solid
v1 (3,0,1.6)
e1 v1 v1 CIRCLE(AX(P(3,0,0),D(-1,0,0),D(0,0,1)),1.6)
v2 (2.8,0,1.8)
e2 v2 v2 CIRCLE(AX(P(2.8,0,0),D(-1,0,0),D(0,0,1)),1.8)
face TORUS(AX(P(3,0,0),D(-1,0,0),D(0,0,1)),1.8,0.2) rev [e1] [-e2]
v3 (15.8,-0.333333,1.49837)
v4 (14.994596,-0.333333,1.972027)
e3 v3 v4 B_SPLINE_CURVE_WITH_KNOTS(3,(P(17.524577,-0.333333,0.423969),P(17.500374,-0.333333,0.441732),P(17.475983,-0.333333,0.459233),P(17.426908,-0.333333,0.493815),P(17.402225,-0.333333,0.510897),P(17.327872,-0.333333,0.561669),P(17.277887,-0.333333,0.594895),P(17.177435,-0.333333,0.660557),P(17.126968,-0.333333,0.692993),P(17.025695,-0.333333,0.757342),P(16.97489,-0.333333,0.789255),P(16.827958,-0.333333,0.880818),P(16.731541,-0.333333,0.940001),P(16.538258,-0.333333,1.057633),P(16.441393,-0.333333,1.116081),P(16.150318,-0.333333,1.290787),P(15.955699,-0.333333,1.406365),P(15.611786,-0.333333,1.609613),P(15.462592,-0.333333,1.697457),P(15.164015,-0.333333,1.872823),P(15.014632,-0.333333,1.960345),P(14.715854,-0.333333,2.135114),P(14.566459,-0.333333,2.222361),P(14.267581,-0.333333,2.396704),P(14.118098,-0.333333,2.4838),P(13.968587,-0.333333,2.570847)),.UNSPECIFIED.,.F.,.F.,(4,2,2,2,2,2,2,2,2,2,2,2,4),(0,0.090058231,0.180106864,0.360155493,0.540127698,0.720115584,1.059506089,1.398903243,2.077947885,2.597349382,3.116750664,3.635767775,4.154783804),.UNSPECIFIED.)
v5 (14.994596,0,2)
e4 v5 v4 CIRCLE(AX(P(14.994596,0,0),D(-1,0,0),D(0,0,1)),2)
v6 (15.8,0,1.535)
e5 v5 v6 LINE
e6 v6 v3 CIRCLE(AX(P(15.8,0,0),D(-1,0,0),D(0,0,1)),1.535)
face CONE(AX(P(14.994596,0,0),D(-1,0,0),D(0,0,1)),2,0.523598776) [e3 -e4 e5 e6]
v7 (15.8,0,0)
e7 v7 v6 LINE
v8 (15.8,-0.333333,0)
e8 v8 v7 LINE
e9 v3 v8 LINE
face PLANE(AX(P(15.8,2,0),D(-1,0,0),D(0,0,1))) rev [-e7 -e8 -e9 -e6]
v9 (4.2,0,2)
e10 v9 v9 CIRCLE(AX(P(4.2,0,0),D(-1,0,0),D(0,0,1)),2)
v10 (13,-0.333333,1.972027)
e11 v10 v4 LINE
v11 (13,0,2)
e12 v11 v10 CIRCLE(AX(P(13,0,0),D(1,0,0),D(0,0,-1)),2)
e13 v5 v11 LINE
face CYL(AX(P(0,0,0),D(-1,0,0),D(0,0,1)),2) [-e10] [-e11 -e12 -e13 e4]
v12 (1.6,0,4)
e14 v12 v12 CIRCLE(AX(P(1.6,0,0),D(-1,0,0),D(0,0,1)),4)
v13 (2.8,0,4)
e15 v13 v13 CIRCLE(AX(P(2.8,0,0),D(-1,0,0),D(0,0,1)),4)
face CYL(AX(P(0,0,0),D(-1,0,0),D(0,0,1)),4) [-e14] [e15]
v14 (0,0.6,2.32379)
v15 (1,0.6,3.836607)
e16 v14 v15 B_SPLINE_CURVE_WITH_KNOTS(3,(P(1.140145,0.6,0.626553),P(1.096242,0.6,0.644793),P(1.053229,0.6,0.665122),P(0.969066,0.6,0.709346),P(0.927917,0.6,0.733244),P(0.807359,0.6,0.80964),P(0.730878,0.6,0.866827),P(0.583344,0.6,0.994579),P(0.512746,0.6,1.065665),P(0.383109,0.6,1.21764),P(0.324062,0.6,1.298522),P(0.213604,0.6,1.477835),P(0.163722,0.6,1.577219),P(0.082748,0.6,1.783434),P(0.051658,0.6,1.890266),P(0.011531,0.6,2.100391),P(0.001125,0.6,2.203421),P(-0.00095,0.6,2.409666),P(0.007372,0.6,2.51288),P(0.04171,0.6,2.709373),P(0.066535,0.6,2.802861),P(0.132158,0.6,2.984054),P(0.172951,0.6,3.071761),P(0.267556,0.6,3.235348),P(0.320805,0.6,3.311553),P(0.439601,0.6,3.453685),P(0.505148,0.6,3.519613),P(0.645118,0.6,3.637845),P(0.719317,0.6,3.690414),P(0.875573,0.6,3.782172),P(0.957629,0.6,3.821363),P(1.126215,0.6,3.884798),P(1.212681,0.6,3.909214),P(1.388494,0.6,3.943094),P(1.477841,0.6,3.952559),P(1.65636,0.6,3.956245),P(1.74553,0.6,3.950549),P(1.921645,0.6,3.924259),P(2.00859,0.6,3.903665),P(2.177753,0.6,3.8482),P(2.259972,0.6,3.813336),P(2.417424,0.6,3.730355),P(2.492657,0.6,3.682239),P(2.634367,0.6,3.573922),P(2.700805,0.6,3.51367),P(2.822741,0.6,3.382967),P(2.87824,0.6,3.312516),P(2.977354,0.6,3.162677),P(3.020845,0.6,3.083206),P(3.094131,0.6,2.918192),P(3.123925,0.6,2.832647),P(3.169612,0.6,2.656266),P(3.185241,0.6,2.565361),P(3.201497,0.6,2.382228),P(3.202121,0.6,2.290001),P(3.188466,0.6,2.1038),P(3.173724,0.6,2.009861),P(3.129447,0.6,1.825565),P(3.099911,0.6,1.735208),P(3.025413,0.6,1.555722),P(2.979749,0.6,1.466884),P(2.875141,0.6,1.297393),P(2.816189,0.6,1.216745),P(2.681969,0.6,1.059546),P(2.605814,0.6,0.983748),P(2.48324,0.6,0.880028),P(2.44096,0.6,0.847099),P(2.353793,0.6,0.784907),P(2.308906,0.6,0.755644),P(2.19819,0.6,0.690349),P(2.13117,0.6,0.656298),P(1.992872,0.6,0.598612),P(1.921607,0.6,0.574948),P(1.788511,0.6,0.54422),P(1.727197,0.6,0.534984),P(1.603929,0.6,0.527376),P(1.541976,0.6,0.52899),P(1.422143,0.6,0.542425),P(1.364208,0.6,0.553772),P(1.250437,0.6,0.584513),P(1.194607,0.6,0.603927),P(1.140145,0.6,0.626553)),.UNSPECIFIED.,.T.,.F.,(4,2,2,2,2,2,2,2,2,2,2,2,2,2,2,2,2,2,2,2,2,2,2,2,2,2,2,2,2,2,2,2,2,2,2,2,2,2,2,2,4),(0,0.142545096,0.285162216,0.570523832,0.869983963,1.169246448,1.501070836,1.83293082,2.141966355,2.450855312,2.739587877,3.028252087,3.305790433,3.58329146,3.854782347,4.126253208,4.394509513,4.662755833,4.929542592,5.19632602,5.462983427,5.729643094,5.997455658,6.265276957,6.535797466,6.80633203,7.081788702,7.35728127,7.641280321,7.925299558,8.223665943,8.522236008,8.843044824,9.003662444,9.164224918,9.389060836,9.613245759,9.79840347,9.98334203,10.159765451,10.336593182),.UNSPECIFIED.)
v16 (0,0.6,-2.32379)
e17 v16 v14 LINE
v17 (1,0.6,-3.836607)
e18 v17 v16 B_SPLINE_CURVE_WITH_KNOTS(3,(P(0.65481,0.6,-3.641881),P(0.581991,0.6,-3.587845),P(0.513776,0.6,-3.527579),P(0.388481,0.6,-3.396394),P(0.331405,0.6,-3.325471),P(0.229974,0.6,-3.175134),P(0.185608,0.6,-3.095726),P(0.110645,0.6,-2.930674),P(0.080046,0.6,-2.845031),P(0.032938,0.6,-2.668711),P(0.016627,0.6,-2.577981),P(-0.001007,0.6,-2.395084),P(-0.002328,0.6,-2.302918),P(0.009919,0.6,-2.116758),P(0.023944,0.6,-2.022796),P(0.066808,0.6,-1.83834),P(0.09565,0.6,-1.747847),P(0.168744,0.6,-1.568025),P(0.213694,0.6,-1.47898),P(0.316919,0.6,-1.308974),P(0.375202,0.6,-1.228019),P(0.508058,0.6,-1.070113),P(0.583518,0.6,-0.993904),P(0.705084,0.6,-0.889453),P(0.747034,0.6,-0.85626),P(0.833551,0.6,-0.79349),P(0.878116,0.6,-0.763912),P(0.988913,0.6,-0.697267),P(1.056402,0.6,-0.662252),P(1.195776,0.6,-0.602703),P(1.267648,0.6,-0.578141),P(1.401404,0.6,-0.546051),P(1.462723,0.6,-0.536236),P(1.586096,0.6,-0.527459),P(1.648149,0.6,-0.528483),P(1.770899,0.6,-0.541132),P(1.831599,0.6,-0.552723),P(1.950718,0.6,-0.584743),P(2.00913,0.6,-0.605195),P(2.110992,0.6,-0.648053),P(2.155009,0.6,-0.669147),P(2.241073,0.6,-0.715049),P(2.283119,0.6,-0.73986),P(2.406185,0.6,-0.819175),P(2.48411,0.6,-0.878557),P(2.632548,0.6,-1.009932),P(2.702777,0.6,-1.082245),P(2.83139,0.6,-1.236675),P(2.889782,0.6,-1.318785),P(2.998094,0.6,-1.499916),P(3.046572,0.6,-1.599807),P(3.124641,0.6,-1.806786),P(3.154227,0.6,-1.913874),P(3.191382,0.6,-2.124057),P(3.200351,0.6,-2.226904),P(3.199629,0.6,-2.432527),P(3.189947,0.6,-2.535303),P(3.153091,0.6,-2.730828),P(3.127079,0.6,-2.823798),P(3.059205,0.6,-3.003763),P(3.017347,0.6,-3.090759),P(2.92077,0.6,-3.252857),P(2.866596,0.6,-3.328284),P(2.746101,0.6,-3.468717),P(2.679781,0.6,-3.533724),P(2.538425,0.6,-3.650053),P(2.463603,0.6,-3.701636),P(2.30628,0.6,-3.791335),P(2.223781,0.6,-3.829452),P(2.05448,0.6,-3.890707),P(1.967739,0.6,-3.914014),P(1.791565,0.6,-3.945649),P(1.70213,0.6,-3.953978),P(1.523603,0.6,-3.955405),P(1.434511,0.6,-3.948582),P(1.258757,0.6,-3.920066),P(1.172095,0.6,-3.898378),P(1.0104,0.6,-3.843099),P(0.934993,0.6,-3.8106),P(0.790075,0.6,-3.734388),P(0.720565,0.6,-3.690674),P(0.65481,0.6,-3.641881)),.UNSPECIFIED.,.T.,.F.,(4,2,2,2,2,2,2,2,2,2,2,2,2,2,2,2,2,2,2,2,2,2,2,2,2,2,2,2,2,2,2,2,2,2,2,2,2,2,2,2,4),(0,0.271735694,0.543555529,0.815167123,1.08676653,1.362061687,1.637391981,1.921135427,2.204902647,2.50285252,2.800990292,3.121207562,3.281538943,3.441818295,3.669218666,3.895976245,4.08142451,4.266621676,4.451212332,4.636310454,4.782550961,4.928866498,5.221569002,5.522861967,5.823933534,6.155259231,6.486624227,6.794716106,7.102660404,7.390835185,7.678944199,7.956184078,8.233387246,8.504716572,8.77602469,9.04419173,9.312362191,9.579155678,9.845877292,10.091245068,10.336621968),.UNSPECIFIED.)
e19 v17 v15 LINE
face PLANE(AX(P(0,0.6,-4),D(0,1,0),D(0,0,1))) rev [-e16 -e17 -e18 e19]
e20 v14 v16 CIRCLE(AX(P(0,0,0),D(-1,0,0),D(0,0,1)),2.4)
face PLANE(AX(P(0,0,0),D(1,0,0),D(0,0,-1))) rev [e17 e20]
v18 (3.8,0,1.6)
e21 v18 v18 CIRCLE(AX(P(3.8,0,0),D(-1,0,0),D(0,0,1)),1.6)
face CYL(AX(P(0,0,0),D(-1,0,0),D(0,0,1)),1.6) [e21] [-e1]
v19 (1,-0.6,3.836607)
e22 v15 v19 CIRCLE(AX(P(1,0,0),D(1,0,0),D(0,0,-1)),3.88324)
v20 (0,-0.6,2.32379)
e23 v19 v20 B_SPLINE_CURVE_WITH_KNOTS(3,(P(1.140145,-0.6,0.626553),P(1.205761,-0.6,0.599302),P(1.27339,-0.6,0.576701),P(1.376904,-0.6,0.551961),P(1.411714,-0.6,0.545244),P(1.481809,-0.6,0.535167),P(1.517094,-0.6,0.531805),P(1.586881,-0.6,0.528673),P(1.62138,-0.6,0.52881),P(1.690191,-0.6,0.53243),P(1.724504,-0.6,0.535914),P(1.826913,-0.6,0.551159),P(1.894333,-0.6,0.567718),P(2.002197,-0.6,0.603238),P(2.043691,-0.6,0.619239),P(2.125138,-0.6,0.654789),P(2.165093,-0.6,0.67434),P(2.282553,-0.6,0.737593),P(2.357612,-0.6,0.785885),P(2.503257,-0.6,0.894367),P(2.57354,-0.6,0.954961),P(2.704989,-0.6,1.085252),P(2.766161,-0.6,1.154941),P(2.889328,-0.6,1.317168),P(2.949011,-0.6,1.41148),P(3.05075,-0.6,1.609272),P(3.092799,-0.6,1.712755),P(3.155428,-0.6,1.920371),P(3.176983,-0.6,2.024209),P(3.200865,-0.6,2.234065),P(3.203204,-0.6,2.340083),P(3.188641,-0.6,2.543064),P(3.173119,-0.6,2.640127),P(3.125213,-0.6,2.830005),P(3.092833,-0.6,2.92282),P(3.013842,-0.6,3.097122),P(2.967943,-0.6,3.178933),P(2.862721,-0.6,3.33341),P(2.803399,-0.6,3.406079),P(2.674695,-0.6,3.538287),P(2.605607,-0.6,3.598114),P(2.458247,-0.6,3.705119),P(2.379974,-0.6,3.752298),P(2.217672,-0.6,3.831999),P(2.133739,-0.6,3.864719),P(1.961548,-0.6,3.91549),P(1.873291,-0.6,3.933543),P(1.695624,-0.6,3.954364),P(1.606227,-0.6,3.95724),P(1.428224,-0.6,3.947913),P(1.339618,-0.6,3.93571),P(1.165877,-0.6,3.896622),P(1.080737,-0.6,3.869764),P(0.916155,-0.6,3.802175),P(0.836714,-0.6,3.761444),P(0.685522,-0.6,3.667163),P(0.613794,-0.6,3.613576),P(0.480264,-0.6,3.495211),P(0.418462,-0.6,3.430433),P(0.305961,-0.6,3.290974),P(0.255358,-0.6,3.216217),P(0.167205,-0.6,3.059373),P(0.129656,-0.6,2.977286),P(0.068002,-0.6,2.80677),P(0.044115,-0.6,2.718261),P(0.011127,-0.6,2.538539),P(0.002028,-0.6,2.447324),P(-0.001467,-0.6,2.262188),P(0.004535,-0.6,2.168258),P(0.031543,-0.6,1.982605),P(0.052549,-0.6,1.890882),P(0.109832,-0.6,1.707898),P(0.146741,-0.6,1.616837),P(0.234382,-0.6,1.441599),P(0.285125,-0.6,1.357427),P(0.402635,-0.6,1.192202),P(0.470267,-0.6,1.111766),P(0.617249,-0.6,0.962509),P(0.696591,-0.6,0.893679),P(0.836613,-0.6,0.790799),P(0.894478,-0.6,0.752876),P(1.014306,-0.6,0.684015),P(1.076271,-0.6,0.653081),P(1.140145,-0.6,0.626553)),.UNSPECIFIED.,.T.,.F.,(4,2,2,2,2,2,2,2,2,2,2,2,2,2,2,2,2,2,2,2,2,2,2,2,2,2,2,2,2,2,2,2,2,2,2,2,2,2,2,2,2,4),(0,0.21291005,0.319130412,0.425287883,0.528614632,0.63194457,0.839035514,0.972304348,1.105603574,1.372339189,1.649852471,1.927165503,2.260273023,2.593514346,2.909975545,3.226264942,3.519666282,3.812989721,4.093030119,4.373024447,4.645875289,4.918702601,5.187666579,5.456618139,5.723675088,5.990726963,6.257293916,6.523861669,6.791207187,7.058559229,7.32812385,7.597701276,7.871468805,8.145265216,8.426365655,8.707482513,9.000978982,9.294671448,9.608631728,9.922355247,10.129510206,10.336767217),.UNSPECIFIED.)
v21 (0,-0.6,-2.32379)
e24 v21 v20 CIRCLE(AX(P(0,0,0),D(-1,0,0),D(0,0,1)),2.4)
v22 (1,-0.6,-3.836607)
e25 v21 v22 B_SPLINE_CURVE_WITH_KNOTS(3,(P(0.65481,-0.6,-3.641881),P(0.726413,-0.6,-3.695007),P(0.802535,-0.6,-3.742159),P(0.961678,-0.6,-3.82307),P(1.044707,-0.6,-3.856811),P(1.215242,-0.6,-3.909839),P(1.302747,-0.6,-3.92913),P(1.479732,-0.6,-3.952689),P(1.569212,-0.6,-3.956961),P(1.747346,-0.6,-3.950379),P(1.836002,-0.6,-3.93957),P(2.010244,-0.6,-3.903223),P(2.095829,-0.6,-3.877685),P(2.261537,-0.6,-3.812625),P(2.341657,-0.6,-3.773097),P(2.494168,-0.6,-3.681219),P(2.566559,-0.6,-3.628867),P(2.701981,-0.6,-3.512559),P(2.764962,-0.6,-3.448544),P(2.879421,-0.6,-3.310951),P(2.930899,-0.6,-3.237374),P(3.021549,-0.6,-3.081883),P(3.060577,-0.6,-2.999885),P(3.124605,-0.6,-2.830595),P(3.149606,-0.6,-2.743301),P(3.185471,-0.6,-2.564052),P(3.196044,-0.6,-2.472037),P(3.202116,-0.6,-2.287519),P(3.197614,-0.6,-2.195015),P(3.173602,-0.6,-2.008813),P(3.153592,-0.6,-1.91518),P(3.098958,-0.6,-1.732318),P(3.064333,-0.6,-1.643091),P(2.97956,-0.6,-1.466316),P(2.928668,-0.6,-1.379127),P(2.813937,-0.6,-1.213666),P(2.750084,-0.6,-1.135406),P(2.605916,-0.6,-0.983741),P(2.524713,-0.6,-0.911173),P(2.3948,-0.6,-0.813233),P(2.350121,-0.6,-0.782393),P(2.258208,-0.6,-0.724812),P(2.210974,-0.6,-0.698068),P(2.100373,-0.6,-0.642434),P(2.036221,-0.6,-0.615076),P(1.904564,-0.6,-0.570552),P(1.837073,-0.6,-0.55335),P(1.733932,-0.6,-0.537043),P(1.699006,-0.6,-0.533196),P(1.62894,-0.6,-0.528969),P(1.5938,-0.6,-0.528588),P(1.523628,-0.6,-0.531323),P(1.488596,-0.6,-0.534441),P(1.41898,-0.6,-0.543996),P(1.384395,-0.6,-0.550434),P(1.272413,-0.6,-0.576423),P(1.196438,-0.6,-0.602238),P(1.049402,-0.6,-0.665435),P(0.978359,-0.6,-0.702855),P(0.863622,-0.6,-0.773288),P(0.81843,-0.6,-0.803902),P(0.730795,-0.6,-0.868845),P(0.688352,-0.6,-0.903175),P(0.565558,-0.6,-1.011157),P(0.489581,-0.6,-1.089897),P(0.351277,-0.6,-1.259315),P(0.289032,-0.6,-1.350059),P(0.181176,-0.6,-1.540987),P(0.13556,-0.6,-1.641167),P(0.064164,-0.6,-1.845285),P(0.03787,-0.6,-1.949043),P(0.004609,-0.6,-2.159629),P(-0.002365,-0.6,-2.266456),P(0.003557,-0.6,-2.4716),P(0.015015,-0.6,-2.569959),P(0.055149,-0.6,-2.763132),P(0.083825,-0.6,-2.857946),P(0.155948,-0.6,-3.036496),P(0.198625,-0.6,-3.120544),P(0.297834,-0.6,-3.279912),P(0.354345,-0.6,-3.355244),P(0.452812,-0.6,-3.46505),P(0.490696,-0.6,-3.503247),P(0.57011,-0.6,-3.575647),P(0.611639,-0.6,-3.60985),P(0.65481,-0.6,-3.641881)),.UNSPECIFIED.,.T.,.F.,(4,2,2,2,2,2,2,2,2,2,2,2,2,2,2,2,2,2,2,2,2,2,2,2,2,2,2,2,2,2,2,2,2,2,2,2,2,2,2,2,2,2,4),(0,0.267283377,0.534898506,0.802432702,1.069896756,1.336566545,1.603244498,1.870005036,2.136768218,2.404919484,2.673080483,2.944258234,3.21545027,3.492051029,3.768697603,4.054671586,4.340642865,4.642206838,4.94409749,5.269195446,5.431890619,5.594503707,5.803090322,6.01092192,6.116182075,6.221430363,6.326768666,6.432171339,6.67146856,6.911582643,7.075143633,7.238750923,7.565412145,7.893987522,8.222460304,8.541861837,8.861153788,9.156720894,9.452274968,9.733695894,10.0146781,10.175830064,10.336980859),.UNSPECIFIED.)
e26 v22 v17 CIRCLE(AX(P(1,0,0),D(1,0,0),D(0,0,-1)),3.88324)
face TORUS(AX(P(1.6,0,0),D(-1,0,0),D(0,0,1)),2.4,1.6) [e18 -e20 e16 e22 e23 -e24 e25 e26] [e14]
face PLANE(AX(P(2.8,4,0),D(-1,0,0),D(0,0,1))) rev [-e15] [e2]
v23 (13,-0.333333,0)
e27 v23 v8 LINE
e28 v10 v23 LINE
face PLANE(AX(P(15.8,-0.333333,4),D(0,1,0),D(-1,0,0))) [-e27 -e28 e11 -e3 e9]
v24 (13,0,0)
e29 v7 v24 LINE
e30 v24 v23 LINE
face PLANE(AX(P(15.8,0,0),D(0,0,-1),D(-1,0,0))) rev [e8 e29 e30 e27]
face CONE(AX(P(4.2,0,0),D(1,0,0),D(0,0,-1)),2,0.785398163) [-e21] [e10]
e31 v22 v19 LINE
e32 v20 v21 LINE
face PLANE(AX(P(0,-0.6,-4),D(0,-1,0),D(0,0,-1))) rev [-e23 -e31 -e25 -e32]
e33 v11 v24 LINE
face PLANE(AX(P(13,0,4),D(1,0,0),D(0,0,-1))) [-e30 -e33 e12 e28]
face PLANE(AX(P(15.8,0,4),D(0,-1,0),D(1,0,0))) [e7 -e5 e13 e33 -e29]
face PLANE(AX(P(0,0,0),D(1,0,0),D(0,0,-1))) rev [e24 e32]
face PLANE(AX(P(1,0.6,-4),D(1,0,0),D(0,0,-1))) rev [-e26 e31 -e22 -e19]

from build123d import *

# Parameters (mm, degrees)
SLOT_CUT_EXTRUDE1_DEPTH      = 17.78213338
SLOT_CUT_EXTRUDE1_DEPTH_BACK = 17.78213338
SKETCH2_W                    = 1
SKETCH2_H                    = 1.2
SKETCH11_W                   = 2.8
SKETCH11_H                   = 0.333333333
POINT_CUT_EXTRUDE8_DEPTH     = 17.782133404


with BuildPart() as part:
    # Sketch1 → base-Revolve (revolve)
    with BuildSketch(Plane.XY, mode=Mode.PRIVATE) as base_revolve_sk:
        with BuildLine():
            Line((0, 0), (0, 2.4))
            ThreePointArc((0, 2.4), (0.46862915, 3.53137085), (1.6, 4))
            Line((1.6, 4), (2.8, 4))
            Line((2.8, 4), (2.8, 1.8))
            ThreePointArc((2.8, 1.8), (2.858578644, 1.658578644), (3, 1.6))
            Line((3, 1.6), (3.8, 1.6))
            Line((3.8, 1.6), (4.2, 2))
            Line((4.2, 2), (15.8, 2))
            Line((15.8, 2), (15.8, 0))
            Line((15.8, 0), (0, 0))
        make_face()
    revolve(base_revolve_sk.sketch.rotate(Axis((0, 0, 0), (1, 0, 0)), 90), axis=Axis((0, 0, 0), (1, 0, 0)))

    # Sketch2 → slot_Cut-Extrude1 (cut, two sides: drawn at the far end of the back side and taken through both)
    with BuildSketch(Plane.XY.offset(-SLOT_CUT_EXTRUDE1_DEPTH_BACK)):
        with Locations((0.5, 0)):
            Rectangle(SKETCH2_W, SKETCH2_H)
    extrude(amount=SLOT_CUT_EXTRUDE1_DEPTH + SLOT_CUT_EXTRUDE1_DEPTH_BACK, mode=Mode.SUBTRACT)

    # Sketch8 → point_Cut-Revolve1 (revolve, cut)
    with BuildSketch(Plane.XY, mode=Mode.PRIVATE) as point_cut_revolve1_sk:
        Polygon((15.8, 0), (16.308, 0), (16.308, 2.508), (14.994596374, 2.508), (14.994596374, 2), (15.8, 1.535), align=None)
    revolve(point_cut_revolve1_sk.sketch.rotate(Axis((0, 0, 0), (1, 0, 0)), 90), axis=Axis((0, 0, 0), (1, 0, 0)), mode=Mode.SUBTRACT)

    # Sketch11 → point_Cut-Extrude8 (cut, through all)
    with BuildSketch(Plane.XY):
        with Locations((14.4, -0.166666667)):
            Rectangle(SKETCH11_W, SKETCH11_H)
    extrude(amount=POINT_CUT_EXTRUDE8_DEPTH, mode=Mode.SUBTRACT)


solid = part.part
